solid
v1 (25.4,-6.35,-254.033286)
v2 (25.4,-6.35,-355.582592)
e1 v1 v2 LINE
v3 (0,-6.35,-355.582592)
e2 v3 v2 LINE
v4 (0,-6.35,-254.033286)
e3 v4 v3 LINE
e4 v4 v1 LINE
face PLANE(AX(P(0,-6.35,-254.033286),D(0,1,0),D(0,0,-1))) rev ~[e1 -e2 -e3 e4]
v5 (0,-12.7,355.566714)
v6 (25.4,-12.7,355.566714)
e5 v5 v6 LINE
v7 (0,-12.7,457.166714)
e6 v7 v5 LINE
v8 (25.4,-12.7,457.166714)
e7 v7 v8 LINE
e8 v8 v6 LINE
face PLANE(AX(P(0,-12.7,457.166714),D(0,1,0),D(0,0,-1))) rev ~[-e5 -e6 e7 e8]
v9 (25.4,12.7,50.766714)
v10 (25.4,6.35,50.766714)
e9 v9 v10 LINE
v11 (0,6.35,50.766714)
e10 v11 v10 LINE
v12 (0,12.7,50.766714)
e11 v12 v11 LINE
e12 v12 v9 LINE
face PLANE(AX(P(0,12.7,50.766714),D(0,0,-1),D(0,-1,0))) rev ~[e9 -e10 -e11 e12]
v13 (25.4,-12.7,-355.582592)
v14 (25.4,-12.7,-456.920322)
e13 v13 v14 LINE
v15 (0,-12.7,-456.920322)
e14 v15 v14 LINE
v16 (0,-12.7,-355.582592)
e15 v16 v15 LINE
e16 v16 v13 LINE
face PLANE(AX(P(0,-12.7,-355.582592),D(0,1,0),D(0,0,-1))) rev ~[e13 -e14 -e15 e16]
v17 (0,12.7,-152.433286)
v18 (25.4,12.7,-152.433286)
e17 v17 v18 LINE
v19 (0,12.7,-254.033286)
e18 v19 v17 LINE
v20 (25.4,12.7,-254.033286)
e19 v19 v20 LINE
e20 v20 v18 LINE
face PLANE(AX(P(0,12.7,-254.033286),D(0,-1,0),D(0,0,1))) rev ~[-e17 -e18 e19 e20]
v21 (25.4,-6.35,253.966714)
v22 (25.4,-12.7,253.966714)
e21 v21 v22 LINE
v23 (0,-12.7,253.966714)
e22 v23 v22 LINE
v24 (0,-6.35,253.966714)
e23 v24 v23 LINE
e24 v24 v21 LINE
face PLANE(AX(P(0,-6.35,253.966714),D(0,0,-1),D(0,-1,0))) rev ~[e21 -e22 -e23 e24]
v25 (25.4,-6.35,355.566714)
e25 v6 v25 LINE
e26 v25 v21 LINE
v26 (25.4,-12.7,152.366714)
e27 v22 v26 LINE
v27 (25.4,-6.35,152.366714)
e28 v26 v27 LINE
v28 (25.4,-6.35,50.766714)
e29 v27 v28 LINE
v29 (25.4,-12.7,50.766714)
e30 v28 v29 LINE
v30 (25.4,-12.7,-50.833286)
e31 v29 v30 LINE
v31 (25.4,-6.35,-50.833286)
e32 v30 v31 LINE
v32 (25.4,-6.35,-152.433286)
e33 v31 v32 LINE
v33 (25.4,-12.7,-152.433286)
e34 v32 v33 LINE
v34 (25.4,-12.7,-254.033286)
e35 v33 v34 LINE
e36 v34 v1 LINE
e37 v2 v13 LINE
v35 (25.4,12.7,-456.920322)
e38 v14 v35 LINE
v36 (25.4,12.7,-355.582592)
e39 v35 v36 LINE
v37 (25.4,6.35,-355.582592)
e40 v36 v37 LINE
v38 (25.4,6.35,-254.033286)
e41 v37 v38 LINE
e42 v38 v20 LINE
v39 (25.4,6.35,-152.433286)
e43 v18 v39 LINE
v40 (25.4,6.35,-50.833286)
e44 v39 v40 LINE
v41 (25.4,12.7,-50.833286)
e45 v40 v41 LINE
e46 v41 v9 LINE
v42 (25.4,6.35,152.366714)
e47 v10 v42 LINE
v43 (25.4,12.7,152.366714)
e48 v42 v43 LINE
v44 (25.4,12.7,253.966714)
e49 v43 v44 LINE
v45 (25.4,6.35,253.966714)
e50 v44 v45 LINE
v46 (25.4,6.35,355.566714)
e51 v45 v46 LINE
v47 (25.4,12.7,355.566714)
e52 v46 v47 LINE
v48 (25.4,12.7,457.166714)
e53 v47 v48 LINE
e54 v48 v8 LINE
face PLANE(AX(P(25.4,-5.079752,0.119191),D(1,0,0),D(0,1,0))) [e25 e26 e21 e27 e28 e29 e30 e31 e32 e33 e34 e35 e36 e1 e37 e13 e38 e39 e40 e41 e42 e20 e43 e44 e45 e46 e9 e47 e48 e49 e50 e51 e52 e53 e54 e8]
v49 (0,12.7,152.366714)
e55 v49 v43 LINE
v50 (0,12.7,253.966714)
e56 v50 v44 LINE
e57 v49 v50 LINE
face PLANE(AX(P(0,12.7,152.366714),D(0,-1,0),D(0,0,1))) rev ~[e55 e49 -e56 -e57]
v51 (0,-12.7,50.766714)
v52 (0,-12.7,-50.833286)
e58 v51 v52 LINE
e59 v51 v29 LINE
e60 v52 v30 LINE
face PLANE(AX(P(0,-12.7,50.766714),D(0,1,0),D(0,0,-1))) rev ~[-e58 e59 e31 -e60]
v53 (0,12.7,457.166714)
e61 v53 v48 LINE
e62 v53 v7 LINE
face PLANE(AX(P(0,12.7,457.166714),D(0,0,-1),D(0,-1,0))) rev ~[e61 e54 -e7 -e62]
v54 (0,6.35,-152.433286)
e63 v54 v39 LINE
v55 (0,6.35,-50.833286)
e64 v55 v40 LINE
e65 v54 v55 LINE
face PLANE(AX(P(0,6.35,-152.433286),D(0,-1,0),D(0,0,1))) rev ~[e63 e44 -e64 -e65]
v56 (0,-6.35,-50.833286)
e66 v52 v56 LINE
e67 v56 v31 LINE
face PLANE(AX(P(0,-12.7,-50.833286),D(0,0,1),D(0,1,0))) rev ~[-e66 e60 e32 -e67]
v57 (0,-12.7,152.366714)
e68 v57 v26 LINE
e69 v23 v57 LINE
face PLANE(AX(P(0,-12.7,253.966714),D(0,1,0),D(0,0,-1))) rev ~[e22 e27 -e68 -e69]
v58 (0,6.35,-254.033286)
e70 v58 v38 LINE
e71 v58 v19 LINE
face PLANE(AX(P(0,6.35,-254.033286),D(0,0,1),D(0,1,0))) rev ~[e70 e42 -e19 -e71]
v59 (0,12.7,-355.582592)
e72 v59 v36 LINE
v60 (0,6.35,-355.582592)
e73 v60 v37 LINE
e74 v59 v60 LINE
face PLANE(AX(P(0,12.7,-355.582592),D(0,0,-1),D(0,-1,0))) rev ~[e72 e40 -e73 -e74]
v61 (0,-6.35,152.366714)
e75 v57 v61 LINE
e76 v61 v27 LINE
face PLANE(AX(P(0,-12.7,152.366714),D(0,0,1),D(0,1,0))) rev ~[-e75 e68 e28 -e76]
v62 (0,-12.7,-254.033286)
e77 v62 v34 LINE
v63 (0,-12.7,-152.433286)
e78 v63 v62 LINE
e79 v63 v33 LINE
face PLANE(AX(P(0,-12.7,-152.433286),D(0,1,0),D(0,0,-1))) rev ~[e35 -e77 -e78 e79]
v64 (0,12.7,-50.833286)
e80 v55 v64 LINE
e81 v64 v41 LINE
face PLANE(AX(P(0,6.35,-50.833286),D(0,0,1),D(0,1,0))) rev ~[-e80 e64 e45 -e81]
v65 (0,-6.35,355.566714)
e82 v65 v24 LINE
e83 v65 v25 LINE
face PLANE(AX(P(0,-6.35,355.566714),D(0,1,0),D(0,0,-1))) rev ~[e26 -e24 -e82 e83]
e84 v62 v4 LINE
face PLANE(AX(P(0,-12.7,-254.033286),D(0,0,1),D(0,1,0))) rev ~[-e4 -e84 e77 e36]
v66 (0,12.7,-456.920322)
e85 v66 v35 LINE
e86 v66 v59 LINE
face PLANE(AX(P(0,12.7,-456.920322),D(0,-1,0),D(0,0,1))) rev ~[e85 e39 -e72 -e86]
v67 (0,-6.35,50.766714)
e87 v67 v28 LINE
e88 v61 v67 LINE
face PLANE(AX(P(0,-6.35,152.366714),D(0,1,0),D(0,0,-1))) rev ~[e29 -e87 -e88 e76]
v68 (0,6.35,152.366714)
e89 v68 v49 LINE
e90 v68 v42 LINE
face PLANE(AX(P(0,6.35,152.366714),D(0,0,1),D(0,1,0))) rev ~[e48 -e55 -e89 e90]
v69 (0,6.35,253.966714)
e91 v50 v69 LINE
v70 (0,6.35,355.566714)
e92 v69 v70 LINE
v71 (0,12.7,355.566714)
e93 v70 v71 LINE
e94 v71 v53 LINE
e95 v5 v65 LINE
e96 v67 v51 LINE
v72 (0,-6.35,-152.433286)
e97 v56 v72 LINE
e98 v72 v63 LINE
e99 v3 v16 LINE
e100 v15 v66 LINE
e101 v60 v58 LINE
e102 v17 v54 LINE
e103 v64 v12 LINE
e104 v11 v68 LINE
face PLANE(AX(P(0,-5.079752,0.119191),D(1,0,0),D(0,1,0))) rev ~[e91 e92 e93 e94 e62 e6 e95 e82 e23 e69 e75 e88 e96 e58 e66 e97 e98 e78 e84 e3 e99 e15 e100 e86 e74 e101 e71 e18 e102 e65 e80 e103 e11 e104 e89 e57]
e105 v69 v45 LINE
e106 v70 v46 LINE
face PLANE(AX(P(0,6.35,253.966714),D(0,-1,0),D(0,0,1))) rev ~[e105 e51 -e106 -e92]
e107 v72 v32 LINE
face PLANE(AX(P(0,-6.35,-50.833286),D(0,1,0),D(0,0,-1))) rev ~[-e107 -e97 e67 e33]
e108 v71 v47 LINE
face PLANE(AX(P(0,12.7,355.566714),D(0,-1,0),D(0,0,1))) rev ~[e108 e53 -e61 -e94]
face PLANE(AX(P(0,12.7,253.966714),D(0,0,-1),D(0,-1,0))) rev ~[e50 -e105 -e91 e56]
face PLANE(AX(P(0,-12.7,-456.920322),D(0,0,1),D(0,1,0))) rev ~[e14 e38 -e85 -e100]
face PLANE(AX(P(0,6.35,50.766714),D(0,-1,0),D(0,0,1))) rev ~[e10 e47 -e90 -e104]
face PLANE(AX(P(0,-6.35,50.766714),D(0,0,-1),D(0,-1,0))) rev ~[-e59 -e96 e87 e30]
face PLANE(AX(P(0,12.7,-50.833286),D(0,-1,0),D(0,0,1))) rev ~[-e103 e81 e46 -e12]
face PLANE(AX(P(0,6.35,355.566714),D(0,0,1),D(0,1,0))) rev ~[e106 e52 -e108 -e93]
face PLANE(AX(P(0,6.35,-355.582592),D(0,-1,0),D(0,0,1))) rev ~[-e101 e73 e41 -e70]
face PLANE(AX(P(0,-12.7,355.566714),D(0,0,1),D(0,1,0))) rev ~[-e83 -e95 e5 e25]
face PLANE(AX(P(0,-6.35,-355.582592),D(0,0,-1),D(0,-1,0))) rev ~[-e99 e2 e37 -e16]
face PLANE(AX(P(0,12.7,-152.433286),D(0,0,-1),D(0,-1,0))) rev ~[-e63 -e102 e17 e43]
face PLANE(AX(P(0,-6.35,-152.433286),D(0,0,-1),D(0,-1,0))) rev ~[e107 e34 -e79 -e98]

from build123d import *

# Parameters (mm, degrees)
F1_DEPTH = 25.4


with BuildPart() as f1:
    # F0 (on Right) → F1 (new body)
    with BuildSketch(Plane.YZ):
        Polygon((-12.7, 457.166714), (-12.7, 355.566714), (-6.35, 355.566714), (-6.35, 253.966714), (-12.7, 253.966714), (-12.7, 152.366714), (-6.35, 152.366714), (-6.35, 50.766714), (-12.7, 50.766714), (-12.7, -50.833286), (-6.35, -50.833286), (-6.35, -152.433286), (-12.7, -152.433286), (-12.7, -254.033286), (-6.35, -254.033286), (-6.35, -355.582592), (-12.7, -355.582592), (-12.7, -456.920322), (0, -456.920322), (0, 457.166714), align=None)
        Polygon((12.7, 457.166714), (0, 457.166714), (0, -456.920322), (12.7, -456.920322), (12.7, -355.582592), (6.35, -355.582592), (6.35, -254.033286), (12.7, -254.033286), (12.7, -152.433286), (6.35, -152.433286), (6.35, -50.833286), (12.7, -50.833286), (12.7, 50.766714), (6.35, 50.766714), (6.35, 152.366714), (12.7, 152.366714), (12.7, 253.966714), (6.35, 253.966714), (6.35, 355.566714), (12.7, 355.566714), align=None)
    extrude(amount=F1_DEPTH)


solid = f1.part
